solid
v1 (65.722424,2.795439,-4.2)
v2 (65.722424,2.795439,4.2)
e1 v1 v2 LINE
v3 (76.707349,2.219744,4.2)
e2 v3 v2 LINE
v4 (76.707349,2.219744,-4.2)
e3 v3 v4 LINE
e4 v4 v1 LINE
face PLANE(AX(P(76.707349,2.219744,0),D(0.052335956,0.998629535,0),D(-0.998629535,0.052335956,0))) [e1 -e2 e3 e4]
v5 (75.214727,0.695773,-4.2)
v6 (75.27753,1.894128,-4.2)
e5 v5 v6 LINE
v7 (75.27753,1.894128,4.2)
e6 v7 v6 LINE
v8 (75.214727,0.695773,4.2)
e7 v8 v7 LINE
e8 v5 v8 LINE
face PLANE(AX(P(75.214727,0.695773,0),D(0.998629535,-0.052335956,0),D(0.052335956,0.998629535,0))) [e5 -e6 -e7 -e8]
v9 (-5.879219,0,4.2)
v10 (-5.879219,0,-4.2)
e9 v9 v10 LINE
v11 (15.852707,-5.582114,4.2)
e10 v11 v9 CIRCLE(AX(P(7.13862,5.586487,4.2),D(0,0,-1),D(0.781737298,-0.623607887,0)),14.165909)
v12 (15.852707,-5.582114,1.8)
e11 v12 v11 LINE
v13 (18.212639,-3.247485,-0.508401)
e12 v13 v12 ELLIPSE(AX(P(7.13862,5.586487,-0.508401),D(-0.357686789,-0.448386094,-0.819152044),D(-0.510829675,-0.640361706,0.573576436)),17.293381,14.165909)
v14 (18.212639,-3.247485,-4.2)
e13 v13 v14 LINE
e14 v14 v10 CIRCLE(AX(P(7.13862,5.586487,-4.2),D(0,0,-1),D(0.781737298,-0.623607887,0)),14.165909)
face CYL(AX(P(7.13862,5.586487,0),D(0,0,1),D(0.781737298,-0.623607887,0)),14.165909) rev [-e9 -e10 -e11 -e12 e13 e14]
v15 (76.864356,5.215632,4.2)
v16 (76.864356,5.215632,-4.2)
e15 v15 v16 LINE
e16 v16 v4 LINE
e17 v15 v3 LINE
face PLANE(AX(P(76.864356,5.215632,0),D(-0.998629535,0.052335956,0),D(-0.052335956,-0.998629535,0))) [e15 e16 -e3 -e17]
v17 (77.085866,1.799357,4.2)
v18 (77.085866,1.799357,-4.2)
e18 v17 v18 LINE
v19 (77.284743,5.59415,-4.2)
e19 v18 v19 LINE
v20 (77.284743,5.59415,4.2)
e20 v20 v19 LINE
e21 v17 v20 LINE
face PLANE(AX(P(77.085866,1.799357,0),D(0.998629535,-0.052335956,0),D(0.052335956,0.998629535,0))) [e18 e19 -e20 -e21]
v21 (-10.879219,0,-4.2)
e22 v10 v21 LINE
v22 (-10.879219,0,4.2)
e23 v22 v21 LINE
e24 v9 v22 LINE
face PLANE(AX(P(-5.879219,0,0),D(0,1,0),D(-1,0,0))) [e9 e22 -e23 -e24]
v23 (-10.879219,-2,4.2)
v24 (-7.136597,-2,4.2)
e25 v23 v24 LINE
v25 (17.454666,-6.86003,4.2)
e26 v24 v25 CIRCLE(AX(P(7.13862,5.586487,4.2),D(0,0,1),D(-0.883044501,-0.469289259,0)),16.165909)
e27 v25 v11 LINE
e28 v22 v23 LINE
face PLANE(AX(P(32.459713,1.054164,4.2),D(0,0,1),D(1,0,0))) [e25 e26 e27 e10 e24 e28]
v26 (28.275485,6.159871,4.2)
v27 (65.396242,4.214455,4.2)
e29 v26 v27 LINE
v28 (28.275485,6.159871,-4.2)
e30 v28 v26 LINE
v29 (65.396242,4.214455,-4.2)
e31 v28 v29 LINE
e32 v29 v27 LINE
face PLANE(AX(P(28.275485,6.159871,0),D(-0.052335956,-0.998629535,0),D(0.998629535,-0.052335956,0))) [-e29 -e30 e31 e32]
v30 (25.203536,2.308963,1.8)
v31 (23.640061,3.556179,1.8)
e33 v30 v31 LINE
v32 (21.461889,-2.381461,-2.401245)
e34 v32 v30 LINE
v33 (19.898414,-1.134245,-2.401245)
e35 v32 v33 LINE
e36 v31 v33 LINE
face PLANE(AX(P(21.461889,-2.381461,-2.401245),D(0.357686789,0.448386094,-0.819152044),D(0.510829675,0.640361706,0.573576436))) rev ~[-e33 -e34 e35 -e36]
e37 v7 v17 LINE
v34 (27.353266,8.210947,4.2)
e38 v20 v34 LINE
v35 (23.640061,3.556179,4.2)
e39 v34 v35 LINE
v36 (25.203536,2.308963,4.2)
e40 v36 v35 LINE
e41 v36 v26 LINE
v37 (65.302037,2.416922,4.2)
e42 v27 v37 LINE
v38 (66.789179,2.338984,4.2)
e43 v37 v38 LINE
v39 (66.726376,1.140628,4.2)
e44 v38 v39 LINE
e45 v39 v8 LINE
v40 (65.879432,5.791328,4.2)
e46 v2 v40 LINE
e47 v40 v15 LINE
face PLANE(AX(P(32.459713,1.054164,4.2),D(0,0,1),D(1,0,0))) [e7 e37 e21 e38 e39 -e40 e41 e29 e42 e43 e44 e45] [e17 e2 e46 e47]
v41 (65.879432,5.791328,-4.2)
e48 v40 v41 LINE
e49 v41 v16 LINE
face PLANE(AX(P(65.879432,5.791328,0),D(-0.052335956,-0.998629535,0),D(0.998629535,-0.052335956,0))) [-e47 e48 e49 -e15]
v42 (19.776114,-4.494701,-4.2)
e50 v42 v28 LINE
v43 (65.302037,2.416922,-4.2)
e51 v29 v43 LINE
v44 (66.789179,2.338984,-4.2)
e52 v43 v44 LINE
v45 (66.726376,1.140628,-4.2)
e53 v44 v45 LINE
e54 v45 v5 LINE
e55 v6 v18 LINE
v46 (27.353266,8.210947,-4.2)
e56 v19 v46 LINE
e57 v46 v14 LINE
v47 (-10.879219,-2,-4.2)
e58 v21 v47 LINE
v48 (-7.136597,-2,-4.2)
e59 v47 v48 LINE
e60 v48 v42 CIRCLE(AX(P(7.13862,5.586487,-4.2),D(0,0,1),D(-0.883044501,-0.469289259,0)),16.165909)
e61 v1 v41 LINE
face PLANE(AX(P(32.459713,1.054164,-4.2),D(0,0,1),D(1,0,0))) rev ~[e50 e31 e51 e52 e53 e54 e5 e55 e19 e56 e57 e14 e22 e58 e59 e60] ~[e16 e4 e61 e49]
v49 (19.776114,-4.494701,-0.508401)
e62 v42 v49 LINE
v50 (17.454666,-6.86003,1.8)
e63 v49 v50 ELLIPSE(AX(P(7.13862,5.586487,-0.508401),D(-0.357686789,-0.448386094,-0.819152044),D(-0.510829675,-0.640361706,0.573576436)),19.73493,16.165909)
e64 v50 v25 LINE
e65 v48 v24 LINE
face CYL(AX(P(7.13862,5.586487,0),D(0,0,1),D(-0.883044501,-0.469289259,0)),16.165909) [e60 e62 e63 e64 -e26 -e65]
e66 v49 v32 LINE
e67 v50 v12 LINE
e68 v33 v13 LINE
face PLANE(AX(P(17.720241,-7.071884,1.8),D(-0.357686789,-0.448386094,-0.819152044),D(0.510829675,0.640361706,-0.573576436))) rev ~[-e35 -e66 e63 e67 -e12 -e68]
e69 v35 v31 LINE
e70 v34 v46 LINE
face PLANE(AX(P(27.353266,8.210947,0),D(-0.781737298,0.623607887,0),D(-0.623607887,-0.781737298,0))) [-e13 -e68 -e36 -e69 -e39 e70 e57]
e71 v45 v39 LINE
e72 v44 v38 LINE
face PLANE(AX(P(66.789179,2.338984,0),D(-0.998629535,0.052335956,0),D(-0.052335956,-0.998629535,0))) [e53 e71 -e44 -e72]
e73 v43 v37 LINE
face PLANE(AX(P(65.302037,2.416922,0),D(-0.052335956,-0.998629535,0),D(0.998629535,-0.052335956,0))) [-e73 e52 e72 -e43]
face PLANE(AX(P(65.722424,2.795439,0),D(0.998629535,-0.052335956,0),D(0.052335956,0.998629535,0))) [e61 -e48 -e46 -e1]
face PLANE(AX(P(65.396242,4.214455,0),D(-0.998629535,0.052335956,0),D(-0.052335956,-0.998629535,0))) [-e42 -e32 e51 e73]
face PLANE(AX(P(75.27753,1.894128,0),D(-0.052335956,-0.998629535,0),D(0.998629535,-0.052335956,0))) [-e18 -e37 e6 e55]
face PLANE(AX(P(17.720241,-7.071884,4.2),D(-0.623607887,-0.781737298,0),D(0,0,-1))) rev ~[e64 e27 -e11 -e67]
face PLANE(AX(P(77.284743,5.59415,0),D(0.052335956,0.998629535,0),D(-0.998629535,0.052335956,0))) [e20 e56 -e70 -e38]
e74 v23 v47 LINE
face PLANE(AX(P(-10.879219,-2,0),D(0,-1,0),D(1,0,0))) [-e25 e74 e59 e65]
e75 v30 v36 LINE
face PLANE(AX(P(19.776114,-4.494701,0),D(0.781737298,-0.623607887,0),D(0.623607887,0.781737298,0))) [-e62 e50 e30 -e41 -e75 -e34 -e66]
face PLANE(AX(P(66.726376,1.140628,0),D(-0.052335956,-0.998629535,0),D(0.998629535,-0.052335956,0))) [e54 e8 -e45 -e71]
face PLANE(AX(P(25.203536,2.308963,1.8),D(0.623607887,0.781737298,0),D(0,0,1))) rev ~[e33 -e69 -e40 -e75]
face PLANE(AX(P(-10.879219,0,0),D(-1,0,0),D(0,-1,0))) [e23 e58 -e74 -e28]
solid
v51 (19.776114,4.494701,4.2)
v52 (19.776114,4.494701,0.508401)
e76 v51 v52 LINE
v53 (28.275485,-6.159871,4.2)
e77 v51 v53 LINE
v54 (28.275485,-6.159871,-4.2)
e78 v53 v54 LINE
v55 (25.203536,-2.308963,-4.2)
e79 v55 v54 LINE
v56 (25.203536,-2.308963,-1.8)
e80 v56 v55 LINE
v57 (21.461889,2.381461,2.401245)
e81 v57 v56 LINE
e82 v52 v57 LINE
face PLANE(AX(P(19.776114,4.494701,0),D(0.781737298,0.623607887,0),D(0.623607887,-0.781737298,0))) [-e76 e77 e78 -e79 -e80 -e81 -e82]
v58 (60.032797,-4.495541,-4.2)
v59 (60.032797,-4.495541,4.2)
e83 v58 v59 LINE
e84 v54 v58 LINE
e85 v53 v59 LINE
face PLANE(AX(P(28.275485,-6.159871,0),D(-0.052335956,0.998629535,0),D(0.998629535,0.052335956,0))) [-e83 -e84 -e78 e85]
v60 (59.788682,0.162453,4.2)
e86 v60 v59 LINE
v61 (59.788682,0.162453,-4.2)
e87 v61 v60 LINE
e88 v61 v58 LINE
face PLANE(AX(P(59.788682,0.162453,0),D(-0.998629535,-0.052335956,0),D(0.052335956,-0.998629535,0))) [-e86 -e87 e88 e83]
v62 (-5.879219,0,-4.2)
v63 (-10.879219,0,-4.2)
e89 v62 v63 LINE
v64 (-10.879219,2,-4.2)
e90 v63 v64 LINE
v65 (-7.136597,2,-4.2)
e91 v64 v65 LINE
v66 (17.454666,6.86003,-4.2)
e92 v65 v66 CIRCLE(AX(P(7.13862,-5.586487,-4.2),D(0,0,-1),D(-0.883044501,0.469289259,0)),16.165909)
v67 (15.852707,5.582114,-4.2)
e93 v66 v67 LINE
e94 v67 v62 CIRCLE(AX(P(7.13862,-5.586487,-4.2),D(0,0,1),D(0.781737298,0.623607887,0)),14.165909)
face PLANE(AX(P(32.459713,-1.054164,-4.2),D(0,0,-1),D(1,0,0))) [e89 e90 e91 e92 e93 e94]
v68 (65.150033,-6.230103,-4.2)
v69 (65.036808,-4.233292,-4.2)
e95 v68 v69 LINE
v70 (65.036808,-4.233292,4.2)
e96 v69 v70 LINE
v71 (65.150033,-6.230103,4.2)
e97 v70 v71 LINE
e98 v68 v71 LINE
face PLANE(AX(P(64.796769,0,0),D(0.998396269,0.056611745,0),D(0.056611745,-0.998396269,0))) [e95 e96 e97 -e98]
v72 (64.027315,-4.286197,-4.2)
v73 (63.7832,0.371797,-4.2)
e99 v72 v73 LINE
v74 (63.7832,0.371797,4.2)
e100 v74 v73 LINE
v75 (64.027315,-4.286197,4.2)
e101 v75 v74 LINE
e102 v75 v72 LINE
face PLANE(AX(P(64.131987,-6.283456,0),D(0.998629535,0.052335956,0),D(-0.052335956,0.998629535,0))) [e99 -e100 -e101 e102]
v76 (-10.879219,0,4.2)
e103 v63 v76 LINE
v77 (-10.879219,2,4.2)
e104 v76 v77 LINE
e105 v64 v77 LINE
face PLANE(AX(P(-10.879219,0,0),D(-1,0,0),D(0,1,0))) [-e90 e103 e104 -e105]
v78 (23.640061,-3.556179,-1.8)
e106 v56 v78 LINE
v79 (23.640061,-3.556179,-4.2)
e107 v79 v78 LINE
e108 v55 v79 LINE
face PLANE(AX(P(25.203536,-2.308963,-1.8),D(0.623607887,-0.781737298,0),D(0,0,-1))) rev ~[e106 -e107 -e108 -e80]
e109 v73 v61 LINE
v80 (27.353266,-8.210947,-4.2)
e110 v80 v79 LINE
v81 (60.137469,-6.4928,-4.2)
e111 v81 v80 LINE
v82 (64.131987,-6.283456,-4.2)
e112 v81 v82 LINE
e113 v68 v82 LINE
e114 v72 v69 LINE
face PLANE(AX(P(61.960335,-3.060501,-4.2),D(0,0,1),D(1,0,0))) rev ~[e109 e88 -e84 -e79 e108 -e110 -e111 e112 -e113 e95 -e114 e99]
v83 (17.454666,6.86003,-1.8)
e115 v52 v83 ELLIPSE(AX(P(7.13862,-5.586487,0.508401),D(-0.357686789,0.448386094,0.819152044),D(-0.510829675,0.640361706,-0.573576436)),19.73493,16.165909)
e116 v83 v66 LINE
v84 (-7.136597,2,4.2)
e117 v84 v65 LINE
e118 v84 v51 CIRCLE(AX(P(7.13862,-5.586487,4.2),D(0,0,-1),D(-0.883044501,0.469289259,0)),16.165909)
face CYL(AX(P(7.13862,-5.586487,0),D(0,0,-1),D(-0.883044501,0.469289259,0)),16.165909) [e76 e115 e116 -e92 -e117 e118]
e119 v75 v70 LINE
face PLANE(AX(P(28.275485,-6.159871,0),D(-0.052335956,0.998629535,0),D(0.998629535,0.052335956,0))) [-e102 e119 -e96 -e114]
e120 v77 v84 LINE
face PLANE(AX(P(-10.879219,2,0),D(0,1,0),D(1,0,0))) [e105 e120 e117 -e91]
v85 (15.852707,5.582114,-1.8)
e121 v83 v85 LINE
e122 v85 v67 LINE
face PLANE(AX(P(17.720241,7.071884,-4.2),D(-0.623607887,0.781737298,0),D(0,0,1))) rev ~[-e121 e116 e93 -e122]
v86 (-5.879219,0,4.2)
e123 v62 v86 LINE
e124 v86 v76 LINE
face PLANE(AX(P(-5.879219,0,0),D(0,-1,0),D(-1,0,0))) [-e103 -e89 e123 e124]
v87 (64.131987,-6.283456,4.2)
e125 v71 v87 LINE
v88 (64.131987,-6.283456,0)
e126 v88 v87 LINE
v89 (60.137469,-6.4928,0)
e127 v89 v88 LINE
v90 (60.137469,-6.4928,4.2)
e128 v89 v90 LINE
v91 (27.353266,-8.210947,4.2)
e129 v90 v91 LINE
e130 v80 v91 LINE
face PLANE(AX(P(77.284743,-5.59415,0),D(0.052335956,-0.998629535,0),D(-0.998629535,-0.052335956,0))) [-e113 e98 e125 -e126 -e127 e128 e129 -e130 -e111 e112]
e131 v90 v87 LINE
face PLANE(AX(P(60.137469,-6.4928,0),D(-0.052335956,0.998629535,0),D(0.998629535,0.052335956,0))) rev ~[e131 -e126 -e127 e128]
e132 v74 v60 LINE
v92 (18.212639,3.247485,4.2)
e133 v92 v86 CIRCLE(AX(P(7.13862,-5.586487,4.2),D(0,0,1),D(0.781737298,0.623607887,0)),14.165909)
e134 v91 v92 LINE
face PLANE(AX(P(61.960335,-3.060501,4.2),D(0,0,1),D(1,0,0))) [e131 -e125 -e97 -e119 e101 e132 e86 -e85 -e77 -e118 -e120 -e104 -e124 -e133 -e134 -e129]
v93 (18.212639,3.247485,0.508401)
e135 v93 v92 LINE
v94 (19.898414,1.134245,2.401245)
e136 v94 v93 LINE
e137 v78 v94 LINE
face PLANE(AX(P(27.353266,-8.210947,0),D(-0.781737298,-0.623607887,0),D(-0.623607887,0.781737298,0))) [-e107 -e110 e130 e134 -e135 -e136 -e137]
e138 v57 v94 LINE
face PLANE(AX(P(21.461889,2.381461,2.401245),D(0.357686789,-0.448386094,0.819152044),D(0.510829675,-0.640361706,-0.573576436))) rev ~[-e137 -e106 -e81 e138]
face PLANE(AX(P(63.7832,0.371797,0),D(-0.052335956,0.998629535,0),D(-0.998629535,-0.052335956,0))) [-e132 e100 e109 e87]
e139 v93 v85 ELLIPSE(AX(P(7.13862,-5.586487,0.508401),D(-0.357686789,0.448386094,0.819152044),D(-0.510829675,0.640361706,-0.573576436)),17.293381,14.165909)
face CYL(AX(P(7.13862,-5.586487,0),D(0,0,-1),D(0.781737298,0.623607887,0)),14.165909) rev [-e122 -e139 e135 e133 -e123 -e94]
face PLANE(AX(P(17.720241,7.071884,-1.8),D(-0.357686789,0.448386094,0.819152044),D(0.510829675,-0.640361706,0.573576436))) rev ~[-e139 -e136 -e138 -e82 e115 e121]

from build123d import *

# Parameters (mm, degrees)
F1_DEPTH       = 4.2
F1_DEPTH_BACK  = 4.2
F3_DEPTH       = 2.3899539343
F8_DEPTH       = 4.201
F8_DEPTH_BACK  = 4.201
F10_DEPTH      = 4.2
F10_DEPTH_BACK = 4.2


with BuildPart() as f1:
    # F0 (on Top) → F1 (new body, two sides)
    with BuildSketch(Plane.XY) as f1_sk:
        with BuildLine():
            Line((-10.8792186327, -2), (-7.1365965526, -2))
            ThreePointArc((-7.1365965526, -2), (5.646501714, -10.5104124957), (19.7761137083, -4.4947008144))
            Line((19.7761137083, -4.4947008144), (28.275484559, 6.1598713066))
            Line((28.275484559, 6.1598713066), (65.3962421786, 4.2144548345))
            Line((65.3962421786, 4.2144548345), (65.3020374574, 2.4169216719))
            Line((65.3020374574, 2.4169216719), (66.7891790661, 2.3389838827))
            Line((66.7891790661, 2.3389838827), (66.7263759186, 1.140628441))
            Line((66.7263759186, 1.140628441), (75.2147269641, 0.6957728129))
            Line((75.2147269641, 0.6957728129), (75.2775301115, 1.8941282546))
            Line((75.2775301115, 1.8941282546), (77.0858659675, 1.7993573882))
            Line((77.0858659675, 1.7993573882), (77.2847426012, 5.5941496203))
            Line((77.2847426012, 5.5941496203), (27.3532658635, 8.2109474325))
            Line((27.3532658635, 8.2109474325), (18.2126391118, -3.2474850407))
            ThreePointArc((18.2126391118, -3.2474850407), (5.246227801, -8.452452026), (-5.8792186327, 0))
            Line((-5.8792186327, 0), (-10.8792186327, 0))
            Line((-10.8792186327, 0), (-10.8792186327, -2))
        make_face()
        Polygon((65.7224236538, 2.7954391033), (65.8794315225, 5.7913277076), (76.8643564048, 5.2156321889), (76.7073485361, 2.2197435846), align=None, mode=Mode.SUBTRACT)
    extrude(amount=F1_DEPTH)
    extrude(f1_sk.sketch, amount=-F1_DEPTH_BACK)

    # F2 (on face) → F3 (cut, through all)
    with BuildSketch(Plane(origin=(14.2765998113, -11.3887366761, 0), x_dir=(0.6236078868, 0.7817372982, 0), z_dir=(0.7817372982, -0.6236078868, 0))):
        Polygon((17.5221264362, 4.2), (5.5221264362, 4.2), (5.5221264362, 1.8), (11.5221264362, -2.4012452293), (17.5221264362, 1.8), align=None)
    extrude(amount=-F3_DEPTH, mode=Mode.SUBTRACT)


with BuildPart() as f4_1:
    # F4: instance of F1
    add(f1.part.mirror(Plane.XY))


with BuildPart() as f5_1:
    # F5: instance of F4_1
    add(f4_1.part.mirror(Plane.XZ))

    # F7 (on Top) → F8 (cut, two sides)
    with BuildSketch(Plane.XY) as f8_sk:
        Polygon((80.845810473, 0), (64.7967691847, 0), (65.4192110984, -10.977292532), (80.845810473, -9.1759832576), align=None)
    extrude(amount=-F8_DEPTH, mode=Mode.SUBTRACT)
    extrude(f8_sk.sketch, amount=F8_DEPTH_BACK, mode=Mode.SUBTRACT)

    # F9 (on Top) → F10 (join, two sides)
    with BuildSketch(Plane.XY) as f10_sk:
        Polygon((63.7832002076, 0.3717972424), (59.7886820686, 0.1624534174), (60.1374691283, -6.4928001438), (64.1319872673, -6.2834563188), align=None)
    extrude(amount=F10_DEPTH)
    extrude(f10_sk.sketch, amount=-F10_DEPTH_BACK)


solid = Compound([f1.part, f5_1.part])
